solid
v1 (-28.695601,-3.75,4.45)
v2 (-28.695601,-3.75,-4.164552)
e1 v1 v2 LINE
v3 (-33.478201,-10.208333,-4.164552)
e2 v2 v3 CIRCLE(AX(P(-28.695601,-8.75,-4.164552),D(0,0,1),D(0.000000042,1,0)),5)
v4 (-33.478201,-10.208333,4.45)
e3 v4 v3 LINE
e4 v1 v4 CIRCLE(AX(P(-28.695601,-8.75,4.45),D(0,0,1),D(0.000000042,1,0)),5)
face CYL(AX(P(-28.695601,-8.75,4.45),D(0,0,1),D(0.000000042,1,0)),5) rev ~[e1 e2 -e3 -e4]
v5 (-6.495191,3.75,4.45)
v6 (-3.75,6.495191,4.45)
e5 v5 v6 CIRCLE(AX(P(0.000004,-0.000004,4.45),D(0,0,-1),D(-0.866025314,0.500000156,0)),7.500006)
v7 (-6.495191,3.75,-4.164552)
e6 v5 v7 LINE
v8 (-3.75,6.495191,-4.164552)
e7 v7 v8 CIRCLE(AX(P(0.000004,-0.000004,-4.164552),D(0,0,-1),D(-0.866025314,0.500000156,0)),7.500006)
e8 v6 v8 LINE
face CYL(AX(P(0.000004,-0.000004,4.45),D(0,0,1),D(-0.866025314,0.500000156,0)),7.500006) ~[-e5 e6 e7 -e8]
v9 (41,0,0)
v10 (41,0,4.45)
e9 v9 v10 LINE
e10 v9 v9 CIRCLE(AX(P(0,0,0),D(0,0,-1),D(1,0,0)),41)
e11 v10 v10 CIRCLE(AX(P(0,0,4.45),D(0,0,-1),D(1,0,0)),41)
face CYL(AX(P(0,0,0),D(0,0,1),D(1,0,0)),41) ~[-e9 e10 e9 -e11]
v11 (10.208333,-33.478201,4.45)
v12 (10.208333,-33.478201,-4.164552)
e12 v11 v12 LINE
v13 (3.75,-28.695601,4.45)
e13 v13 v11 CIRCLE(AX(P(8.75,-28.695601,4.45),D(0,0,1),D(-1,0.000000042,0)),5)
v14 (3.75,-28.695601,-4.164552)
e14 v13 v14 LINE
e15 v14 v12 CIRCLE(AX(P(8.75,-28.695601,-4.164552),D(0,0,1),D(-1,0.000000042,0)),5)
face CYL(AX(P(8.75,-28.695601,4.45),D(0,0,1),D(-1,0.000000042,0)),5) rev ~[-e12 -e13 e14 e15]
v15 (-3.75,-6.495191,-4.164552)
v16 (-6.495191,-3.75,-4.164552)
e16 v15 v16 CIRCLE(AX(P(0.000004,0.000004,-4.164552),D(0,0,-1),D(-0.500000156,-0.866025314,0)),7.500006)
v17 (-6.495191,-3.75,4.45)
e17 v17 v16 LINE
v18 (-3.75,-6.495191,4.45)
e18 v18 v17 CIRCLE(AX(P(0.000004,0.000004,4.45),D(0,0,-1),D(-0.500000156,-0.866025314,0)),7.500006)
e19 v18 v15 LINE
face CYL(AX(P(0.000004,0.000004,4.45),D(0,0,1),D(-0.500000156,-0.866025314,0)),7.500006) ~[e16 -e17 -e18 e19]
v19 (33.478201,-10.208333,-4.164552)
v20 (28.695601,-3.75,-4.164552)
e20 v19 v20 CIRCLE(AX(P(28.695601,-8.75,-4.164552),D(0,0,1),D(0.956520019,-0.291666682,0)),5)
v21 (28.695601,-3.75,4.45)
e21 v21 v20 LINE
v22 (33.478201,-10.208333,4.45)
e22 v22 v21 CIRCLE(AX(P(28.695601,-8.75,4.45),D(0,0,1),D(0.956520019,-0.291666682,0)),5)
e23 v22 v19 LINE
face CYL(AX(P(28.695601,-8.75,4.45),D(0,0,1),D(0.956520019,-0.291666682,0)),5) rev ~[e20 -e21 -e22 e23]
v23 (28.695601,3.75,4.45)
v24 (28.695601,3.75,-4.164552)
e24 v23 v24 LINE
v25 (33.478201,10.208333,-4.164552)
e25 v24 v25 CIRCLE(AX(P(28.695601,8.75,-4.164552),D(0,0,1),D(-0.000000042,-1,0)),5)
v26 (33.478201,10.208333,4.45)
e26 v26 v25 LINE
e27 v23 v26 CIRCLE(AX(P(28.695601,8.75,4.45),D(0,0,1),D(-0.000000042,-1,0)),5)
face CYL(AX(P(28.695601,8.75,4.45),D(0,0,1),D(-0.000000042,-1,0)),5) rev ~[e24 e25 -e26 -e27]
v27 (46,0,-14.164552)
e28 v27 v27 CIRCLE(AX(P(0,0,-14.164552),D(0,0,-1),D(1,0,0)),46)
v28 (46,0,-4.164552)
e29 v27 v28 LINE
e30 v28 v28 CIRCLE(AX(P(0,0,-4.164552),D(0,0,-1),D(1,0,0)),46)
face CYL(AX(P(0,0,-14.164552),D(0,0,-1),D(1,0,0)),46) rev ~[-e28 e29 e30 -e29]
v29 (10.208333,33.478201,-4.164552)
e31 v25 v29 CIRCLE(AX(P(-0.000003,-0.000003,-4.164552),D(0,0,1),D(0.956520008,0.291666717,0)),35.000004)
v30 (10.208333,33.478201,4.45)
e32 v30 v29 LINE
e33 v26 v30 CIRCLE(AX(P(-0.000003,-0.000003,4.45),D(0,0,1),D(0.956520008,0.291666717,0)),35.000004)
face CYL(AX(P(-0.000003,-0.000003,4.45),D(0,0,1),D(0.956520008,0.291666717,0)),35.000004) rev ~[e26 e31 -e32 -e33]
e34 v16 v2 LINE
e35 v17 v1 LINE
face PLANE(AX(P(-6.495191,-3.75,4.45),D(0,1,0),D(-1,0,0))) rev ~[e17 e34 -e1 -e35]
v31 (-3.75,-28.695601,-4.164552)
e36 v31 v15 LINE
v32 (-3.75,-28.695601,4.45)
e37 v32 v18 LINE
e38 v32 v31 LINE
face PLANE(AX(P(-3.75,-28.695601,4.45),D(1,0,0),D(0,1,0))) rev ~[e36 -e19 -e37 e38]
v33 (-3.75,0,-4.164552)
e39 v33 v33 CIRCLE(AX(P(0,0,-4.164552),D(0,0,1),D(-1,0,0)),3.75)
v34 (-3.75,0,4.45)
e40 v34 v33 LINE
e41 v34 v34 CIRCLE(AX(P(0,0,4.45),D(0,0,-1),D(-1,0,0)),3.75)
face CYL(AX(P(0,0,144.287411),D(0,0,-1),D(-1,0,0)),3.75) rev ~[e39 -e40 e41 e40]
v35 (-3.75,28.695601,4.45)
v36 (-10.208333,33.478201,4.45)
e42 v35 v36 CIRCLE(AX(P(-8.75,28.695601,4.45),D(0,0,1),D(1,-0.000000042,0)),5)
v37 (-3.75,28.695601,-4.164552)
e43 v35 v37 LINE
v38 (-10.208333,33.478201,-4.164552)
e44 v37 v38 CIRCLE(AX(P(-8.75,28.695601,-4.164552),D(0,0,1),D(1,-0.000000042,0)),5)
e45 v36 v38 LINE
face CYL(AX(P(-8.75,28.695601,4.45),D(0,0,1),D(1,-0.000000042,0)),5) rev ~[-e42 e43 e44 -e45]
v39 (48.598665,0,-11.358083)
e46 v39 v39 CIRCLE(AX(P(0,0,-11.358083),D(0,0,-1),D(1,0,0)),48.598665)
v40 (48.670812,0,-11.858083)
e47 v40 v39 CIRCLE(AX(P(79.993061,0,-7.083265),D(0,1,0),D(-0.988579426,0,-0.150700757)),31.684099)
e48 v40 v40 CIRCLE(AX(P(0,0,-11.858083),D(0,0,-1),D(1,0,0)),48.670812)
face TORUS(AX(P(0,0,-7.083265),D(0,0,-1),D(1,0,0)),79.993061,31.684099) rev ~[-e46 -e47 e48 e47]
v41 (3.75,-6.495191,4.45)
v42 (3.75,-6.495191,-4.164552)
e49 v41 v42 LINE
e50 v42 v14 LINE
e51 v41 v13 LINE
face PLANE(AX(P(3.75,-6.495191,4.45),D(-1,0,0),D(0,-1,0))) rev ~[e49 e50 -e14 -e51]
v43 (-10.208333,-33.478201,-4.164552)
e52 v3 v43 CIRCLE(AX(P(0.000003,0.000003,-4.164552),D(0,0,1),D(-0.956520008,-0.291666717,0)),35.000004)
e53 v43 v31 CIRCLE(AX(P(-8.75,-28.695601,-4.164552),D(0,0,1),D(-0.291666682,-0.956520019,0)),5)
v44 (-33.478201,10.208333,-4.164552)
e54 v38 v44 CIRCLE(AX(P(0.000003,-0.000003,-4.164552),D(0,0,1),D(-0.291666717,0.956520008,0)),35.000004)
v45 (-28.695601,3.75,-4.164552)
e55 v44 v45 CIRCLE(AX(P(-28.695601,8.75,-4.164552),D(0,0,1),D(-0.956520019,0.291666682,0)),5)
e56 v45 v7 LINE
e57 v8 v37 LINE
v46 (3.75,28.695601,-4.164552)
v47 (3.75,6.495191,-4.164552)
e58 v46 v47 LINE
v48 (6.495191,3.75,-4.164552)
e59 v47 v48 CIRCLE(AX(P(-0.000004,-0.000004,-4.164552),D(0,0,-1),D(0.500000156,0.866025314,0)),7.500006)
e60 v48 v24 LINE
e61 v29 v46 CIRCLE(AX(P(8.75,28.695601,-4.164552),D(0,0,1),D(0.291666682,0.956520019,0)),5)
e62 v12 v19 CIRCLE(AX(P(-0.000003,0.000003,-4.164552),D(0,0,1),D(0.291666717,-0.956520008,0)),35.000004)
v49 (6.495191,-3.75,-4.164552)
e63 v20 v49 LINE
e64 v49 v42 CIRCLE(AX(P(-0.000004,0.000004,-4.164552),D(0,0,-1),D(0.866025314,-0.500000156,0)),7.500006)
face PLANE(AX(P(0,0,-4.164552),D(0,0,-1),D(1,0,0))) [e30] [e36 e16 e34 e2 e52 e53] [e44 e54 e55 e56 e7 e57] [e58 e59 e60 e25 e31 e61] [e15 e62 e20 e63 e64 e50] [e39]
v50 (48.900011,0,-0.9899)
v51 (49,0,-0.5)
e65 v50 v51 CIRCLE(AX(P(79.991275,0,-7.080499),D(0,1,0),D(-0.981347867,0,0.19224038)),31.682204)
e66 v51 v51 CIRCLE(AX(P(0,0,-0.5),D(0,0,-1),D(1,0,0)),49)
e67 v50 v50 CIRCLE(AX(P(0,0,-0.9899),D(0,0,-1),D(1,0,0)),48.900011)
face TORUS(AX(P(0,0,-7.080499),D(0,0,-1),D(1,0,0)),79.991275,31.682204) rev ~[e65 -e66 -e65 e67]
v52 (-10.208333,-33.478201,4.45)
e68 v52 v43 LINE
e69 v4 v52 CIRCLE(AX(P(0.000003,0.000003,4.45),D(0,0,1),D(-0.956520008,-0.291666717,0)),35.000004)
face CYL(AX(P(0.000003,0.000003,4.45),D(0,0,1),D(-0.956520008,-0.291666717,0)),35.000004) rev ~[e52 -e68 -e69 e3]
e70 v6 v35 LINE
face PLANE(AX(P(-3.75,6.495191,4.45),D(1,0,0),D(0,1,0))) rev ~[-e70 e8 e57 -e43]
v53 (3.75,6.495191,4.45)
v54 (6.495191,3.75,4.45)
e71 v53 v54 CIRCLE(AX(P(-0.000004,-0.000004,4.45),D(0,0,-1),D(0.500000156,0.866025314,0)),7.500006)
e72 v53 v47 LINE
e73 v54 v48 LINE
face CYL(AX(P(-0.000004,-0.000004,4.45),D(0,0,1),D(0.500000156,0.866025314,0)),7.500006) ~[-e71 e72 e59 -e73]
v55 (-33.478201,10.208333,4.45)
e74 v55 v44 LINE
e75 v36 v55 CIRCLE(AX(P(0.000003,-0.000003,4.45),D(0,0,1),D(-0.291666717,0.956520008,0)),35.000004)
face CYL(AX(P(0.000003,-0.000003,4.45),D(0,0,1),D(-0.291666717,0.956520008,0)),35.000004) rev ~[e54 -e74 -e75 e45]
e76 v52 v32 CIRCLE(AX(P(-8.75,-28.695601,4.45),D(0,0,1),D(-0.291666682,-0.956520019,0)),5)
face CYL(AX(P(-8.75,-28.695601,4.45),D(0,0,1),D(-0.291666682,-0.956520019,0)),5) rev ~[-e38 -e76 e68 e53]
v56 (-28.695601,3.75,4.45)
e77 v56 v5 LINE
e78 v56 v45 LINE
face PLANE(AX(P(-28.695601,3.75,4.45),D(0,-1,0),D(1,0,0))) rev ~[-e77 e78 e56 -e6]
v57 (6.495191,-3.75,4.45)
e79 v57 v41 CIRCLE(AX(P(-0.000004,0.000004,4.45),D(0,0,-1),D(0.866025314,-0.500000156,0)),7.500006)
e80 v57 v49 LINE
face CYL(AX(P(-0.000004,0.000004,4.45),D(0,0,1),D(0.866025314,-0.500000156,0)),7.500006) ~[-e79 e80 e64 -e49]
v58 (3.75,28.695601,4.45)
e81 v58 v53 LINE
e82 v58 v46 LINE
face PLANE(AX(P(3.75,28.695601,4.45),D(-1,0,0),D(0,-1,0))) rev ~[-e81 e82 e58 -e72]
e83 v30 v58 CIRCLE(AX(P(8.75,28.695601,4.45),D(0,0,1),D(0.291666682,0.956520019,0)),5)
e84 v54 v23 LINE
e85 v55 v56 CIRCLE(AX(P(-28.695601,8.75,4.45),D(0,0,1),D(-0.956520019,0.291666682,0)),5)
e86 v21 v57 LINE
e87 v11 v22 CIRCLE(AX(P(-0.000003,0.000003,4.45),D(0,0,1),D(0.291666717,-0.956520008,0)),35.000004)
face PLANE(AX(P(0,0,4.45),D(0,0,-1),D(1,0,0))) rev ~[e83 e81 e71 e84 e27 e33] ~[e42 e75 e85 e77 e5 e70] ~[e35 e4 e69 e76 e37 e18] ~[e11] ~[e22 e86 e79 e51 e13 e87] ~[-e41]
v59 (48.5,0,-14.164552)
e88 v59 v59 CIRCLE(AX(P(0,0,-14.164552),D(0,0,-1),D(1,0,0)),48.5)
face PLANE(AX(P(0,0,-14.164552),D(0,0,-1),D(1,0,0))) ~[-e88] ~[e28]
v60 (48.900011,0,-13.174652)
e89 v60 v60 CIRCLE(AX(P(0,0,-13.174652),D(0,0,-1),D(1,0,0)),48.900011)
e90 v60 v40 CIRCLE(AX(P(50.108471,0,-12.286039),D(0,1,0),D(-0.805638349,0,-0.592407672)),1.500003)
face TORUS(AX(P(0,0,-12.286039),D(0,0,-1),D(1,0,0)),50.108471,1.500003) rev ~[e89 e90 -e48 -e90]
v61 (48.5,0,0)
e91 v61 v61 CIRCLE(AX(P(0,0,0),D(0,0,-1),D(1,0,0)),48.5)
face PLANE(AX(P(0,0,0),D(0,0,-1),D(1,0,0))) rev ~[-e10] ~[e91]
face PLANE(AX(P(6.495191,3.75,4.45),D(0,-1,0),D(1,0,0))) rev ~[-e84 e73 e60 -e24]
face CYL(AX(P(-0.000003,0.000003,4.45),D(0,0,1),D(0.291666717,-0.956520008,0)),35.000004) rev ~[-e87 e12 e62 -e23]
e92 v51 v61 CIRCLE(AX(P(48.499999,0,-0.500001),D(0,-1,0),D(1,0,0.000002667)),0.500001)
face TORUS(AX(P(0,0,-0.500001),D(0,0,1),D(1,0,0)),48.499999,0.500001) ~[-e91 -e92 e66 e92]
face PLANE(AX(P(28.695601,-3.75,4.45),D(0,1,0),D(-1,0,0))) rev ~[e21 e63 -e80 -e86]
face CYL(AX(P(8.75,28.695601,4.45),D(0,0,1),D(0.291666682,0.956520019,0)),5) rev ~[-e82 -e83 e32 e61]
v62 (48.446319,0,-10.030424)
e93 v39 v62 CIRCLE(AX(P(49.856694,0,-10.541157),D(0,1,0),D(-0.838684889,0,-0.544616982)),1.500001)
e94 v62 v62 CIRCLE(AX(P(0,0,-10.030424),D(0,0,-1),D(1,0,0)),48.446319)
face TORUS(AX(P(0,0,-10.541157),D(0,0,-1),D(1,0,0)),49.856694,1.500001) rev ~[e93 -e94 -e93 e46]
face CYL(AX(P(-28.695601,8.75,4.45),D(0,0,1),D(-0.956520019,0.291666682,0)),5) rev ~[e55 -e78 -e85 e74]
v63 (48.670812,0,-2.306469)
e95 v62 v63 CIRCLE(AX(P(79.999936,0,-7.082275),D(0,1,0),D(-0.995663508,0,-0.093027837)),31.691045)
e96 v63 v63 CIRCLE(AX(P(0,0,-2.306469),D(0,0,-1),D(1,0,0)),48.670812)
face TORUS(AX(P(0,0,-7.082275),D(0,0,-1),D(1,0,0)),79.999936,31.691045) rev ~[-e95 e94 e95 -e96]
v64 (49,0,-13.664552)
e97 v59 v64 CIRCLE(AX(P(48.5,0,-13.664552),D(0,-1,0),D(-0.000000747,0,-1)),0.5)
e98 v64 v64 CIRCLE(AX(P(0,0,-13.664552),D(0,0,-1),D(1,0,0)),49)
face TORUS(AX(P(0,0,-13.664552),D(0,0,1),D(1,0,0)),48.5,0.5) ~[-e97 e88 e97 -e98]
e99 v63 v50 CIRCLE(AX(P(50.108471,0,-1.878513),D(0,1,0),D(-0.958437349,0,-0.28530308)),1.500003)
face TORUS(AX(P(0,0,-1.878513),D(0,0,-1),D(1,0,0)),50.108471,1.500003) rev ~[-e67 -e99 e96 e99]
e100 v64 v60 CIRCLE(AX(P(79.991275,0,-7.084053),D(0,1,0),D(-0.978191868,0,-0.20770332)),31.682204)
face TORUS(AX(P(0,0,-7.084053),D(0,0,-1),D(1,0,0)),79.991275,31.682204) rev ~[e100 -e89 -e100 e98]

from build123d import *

# Parameters (mm, degrees)
F1_D     = 7.5
F6_DEPTH = 56.015512
F7_R     = 46
F7_R_2   = 3.75
F2_DEPTH = 10


with BuildPart() as f5:
    # F4 (on Front) → F5 (revolve)
    with BuildSketch(Plane.XZ):
        with BuildLine():
            Line((0, 4.45), (0, -14.164552))
            Line((0, -14.164552), (48.5, -14.164552))
            ThreePointArc((48.5, -14.164552), (48.853553, -14.018106), (49, -13.664552))
            ThreePointArc((49, -13.664552), (48.949039, -13.419799), (48.900011, -13.174652))
            ThreePointArc((48.900011, -13.174652), (48.630694, -12.543302), (48.670812, -11.858083))
            ThreePointArc((48.670812, -11.858083), (48.633742, -11.608227), (48.598665, -11.358083))
            ThreePointArc((48.598665, -11.358083), (48.366471, -10.712157), (48.446319, -10.030424))
            ThreePointArc((48.446319, -10.030424), (48.322268, -6.161579), (48.670812, -2.306469))
            ThreePointArc((48.670812, -2.306469), (48.630694, -1.62125), (48.900011, -0.9899))
            ThreePointArc((48.900011, -0.9899), (48.949039, -0.744753), (49, -0.5))
            ThreePointArc((49, -0.5), (48.853553, -0.146447), (48.5, 0))
            Line((48.5, 0), (41, 0))
            Line((41, 0), (41, 4.45))
            Line((41, 4.45), (0, 4.45))
        make_face()
    revolve(axis=Axis((0, 0, -4.857276), (0, 0, -1)))

    # F1 (through all)
    with Locations(Plane.XY.offset(4.45)):
        with Locations((0, 0)):
            Hole(F1_D / 2)

    # F0 (on face) → F6 (cut)
    with BuildSketch(Plane.XY.offset(4.45)):
        with BuildLine():
            ThreePointArc((-3.75, 28.695601), (-5.774405, 32.713789), (-10.208333, 33.478201))
            ThreePointArc((-10.208333, 33.478201), (-24.748737, 24.748737), (-33.478201, 10.208333))
            ThreePointArc((-33.478201, 10.208333), (-32.713789, 5.774405), (-28.695601, 3.75))
            Line((-28.695601, 3.75), (-6.495191, 3.75))
            ThreePointArc((-6.495191, 3.75), (-5.303301, 5.303301), (-3.75, 6.495191))
            Line((-3.75, 6.495191), (-3.75, 28.695601))
        make_face()
        with BuildLine():
            Line((-3.75, -28.695601), (-3.75, -6.495191))
            ThreePointArc((-3.75, -6.495191), (-5.303301, -5.303301), (-6.495191, -3.75))
            Line((-6.495191, -3.75), (-28.695601, -3.75))
            ThreePointArc((-28.695601, -3.75), (-32.713789, -5.774405), (-33.478201, -10.208333))
            ThreePointArc((-33.478201, -10.208333), (-24.748737, -24.748737), (-10.208333, -33.478201))
            ThreePointArc((-10.208333, -33.478201), (-5.774405, -32.713789), (-3.75, -28.695601))
        make_face()
        with BuildLine():
            ThreePointArc((33.478201, -10.208333), (32.713789, -5.774405), (28.695601, -3.75))
            Line((28.695601, -3.75), (6.495191, -3.75))
            ThreePointArc((6.495191, -3.75), (5.303301, -5.303301), (3.75, -6.495191))
            Line((3.75, -6.495191), (3.75, -28.695601))
            ThreePointArc((3.75, -28.695601), (5.774405, -32.713789), (10.208333, -33.478201))
            ThreePointArc((10.208333, -33.478201), (24.748737, -24.748737), (33.478201, -10.208333))
        make_face()
        with BuildLine():
            ThreePointArc((10.208333, 33.478201), (5.774405, 32.713789), (3.75, 28.695601))
            Line((3.75, 28.695601), (3.75, 6.495191))
            ThreePointArc((3.75, 6.495191), (5.303301, 5.303301), (6.495191, 3.75))
            Line((6.495191, 3.75), (28.695601, 3.75))
            ThreePointArc((28.695601, 3.75), (32.713789, 5.774405), (33.478201, 10.208333))
            ThreePointArc((33.478201, 10.208333), (24.748737, 24.748737), (10.208333, 33.478201))
        make_face()
    extrude(amount=-F6_DEPTH, mode=Mode.SUBTRACT)

    # F7 (on face) → F2 (cut)
    with BuildSketch(Plane(origin=(0, 0, -14.164552), x_dir=(1, 0, 0), z_dir=(0, 0, -1))):
        Circle(F7_R)
        with BuildLine():
            ThreePointArc((-6.495191, -3.75), (-5.303301, -5.303301), (-3.75, -6.495191))
            Line((-3.75, -6.495191), (-3.75, -28.695601))
            ThreePointArc((-3.75, -28.695601), (-5.774405, -32.713789), (-10.208333, -33.478201))
            ThreePointArc((-10.208333, -33.478201), (-24.748737, -24.748737), (-33.478201, -10.208333))
            ThreePointArc((-33.478201, -10.208333), (-32.713789, -5.774405), (-28.695601, -3.75))
            Line((-28.695601, -3.75), (-6.495191, -3.75))
        make_face(mode=Mode.SUBTRACT)
        with BuildLine():
            ThreePointArc((33.478201, -10.208333), (24.748737, -24.748737), (10.208333, -33.478201))
            ThreePointArc((10.208333, -33.478201), (5.774405, -32.713789), (3.75, -28.695601))
            Line((3.75, -28.695601), (3.75, -6.495191))
            ThreePointArc((3.75, -6.495191), (5.303301, -5.303301), (6.495191, -3.75))
            Line((6.495191, -3.75), (28.695601, -3.75))
            ThreePointArc((28.695601, -3.75), (32.713789, -5.774405), (33.478201, -10.208333))
        make_face(mode=Mode.SUBTRACT)
        with BuildLine():
            ThreePointArc((-33.478201, 10.208333), (-24.748737, 24.748737), (-10.208333, 33.478201))
            ThreePointArc((-10.208333, 33.478201), (-5.774405, 32.713789), (-3.75, 28.695601))
            Line((-3.75, 28.695601), (-3.75, 6.495191))
            ThreePointArc((-3.75, 6.495191), (-5.303301, 5.303301), (-6.495191, 3.75))
            Line((-6.495191, 3.75), (-28.695601, 3.75))
            ThreePointArc((-28.695601, 3.75), (-32.713789, 5.774405), (-33.478201, 10.208333))
        make_face(mode=Mode.SUBTRACT)
        Circle(F7_R_2, mode=Mode.SUBTRACT)
        with BuildLine():
            ThreePointArc((10.208333, 33.478201), (24.748737, 24.748737), (33.478201, 10.208333))
            ThreePointArc((33.478201, 10.208333), (32.713789, 5.774405), (28.695601, 3.75))
            Line((28.695601, 3.75), (6.495191, 3.75))
            ThreePointArc((6.495191, 3.75), (5.303301, 5.303301), (3.75, 6.495191))
            Line((3.75, 6.495191), (3.75, 28.695601))
            ThreePointArc((3.75, 28.695601), (5.774405, 32.713789), (10.208333, 33.478201))
        make_face(mode=Mode.SUBTRACT)
    extrude(amount=-F2_DEPTH, mode=Mode.SUBTRACT)


solid = f5.part
